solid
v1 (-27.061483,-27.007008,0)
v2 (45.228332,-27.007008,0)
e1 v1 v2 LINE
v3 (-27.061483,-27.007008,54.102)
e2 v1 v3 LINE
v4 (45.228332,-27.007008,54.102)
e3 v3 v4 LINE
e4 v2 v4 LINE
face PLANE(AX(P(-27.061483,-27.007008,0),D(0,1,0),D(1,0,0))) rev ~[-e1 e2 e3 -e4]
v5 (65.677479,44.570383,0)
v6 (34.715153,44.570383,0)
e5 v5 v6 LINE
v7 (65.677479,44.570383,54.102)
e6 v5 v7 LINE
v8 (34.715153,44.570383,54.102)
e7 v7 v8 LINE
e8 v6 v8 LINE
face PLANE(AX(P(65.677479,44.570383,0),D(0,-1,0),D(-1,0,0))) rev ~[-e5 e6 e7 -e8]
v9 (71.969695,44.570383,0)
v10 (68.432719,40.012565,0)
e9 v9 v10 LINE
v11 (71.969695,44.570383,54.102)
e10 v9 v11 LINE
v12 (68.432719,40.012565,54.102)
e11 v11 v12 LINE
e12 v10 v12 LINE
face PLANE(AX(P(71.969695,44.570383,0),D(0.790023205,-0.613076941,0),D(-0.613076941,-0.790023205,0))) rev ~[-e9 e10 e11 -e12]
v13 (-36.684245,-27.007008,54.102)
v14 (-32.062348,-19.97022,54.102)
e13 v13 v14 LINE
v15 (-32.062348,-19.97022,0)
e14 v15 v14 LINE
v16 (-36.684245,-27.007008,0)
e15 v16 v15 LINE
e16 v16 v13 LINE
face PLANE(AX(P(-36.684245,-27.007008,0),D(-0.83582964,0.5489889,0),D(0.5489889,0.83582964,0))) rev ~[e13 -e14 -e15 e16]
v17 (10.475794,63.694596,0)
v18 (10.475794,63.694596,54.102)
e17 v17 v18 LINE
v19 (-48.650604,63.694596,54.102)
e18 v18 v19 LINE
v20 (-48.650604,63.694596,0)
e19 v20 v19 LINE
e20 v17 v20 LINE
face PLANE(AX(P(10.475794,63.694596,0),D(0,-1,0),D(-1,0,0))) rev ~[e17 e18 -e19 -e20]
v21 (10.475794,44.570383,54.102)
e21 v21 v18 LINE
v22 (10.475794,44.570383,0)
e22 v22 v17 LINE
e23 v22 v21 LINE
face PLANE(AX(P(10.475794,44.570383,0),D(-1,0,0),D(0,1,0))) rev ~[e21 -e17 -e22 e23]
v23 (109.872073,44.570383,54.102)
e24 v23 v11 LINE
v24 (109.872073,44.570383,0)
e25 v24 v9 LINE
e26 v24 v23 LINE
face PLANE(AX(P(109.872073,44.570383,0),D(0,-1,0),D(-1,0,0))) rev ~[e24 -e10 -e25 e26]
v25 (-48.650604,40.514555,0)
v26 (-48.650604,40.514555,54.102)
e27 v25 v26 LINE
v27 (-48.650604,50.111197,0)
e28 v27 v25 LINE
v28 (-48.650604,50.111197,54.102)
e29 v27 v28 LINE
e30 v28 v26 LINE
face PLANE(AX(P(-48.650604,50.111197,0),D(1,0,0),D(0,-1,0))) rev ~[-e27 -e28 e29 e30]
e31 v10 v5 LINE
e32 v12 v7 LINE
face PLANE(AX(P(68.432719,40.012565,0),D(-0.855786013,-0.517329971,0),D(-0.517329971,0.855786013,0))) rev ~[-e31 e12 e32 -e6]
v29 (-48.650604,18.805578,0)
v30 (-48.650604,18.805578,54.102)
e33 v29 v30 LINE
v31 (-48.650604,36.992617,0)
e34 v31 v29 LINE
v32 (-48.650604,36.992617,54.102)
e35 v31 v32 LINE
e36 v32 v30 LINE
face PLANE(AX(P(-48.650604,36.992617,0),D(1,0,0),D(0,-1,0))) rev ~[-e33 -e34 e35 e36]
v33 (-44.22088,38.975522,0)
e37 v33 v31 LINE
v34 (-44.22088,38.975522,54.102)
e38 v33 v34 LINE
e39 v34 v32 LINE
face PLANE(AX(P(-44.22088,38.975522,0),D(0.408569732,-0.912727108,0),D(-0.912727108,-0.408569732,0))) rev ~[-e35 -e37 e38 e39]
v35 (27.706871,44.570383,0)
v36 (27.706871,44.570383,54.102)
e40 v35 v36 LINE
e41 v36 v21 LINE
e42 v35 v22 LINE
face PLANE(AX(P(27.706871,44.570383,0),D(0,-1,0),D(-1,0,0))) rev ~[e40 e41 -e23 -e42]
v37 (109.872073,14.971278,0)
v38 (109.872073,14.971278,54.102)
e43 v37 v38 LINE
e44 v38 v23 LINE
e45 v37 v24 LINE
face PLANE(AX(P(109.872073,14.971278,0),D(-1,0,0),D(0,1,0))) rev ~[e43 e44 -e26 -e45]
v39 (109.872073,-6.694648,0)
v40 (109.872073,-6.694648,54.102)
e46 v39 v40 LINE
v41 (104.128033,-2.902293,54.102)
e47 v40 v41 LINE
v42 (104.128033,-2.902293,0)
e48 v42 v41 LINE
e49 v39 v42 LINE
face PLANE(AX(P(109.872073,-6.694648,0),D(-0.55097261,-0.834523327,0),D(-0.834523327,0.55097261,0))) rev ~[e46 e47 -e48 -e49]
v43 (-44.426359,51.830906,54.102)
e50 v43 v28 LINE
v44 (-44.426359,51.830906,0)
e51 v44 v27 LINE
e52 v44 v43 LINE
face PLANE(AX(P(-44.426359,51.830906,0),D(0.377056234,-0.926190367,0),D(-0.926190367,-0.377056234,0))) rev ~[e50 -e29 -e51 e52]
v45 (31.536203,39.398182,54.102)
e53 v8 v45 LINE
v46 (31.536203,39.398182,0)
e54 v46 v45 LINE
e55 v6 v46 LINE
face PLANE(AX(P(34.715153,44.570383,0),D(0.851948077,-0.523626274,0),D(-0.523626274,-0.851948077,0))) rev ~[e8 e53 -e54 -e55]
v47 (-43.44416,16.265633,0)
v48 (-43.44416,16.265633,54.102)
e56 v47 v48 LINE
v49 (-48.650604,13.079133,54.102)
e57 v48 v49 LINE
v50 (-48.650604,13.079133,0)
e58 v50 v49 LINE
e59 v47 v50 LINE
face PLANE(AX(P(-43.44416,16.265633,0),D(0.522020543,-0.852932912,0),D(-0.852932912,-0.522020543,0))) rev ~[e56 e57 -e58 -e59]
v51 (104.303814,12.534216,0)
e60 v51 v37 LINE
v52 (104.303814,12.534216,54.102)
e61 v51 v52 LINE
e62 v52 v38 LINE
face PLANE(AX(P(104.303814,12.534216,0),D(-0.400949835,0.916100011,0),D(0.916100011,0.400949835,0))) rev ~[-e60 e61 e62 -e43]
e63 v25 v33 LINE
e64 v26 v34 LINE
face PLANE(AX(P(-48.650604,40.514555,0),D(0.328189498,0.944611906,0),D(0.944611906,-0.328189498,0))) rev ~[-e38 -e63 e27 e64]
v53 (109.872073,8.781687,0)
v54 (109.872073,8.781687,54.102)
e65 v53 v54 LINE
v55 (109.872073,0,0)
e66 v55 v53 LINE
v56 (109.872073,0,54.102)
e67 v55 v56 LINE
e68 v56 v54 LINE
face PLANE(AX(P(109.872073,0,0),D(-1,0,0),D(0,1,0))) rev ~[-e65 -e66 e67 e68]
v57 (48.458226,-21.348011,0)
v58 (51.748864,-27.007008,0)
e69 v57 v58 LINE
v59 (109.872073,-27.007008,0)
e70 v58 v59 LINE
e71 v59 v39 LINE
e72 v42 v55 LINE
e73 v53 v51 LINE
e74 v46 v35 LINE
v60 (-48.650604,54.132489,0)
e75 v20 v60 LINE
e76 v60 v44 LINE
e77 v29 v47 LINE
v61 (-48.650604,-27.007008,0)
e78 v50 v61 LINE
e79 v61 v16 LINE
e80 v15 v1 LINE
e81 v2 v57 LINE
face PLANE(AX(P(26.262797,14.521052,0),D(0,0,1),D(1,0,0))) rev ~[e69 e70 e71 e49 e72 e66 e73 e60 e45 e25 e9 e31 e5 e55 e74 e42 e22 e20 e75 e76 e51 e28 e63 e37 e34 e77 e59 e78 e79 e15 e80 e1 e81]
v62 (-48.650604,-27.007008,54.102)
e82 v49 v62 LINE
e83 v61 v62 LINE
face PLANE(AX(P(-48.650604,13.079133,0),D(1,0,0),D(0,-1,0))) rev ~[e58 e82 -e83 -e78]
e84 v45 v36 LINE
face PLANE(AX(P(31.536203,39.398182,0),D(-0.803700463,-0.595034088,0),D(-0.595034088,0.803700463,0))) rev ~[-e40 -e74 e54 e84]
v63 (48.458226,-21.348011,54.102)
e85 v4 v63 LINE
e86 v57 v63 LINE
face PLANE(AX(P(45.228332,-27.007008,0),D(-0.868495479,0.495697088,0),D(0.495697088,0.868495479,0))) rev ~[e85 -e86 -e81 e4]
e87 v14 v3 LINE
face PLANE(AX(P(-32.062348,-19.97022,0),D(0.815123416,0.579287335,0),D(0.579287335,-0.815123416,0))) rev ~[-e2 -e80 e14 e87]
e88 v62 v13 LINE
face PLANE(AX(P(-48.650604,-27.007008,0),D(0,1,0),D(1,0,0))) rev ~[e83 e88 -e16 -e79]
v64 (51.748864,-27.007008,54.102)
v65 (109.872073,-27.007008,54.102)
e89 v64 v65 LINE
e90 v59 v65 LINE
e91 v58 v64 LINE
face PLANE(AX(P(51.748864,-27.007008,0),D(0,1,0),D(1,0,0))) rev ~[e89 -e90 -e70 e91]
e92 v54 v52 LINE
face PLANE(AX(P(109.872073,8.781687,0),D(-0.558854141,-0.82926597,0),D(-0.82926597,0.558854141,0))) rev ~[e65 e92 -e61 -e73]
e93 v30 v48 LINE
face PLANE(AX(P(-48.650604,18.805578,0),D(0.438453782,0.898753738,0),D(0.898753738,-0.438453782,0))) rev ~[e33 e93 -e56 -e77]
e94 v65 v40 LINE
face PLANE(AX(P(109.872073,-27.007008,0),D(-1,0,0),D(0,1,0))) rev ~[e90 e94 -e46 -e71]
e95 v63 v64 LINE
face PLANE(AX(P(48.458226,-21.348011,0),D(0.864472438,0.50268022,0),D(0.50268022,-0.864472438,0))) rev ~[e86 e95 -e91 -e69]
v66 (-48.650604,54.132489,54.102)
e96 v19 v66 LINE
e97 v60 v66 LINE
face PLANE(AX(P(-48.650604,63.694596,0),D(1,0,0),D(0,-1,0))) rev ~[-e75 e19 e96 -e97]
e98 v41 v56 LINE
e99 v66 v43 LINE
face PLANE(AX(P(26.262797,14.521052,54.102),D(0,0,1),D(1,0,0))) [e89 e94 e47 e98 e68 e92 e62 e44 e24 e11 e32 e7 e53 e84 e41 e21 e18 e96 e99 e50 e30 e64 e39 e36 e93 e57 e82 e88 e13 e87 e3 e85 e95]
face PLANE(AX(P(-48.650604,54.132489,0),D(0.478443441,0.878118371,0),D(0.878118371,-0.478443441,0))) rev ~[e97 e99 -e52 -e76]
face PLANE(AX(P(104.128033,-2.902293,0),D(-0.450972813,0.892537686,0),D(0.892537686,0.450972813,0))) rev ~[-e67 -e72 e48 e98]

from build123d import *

# Parameters (mm, degrees)
F1_DEPTH = 54.102


with BuildPart() as f1:
    # F0 (on Top) → F1 (new body)
    with BuildSketch(Plane.XY):
        Polygon((27.706871, 44.570383), (10.475794, 44.570383), (10.475794, 63.694596), (-48.650604, 63.694596), (-48.650604, 54.132489), (-44.426359, 51.830906), (-48.650604, 50.111197), (-48.650604, 44.570383), (-48.650604, 40.514555), (-44.22088, 38.975522), (-48.650604, 36.992617), (-48.650604, 18.805578), (-43.44416, 16.265633), (-48.650604, 13.079133), (-48.650604, -27.007008), (-36.684245, -27.007008), (-32.062348, -19.97022), (-27.061483, -27.007008), (45.228332, -27.007008), (48.458226, -21.348011), (51.748864, -27.007008), (109.872073, -27.007008), (109.872073, -6.694648), (104.128033, -2.902293), (109.872073, 0), (109.872073, 8.781687), (104.303814, 12.534216), (109.872073, 14.971278), (109.872073, 44.570383), (71.969695, 44.570383), (68.432719, 40.012565), (65.677479, 44.570383), (34.715153, 44.570383), (31.536203, 39.398182), align=None)
    extrude(amount=F1_DEPTH)


solid = f1.part
